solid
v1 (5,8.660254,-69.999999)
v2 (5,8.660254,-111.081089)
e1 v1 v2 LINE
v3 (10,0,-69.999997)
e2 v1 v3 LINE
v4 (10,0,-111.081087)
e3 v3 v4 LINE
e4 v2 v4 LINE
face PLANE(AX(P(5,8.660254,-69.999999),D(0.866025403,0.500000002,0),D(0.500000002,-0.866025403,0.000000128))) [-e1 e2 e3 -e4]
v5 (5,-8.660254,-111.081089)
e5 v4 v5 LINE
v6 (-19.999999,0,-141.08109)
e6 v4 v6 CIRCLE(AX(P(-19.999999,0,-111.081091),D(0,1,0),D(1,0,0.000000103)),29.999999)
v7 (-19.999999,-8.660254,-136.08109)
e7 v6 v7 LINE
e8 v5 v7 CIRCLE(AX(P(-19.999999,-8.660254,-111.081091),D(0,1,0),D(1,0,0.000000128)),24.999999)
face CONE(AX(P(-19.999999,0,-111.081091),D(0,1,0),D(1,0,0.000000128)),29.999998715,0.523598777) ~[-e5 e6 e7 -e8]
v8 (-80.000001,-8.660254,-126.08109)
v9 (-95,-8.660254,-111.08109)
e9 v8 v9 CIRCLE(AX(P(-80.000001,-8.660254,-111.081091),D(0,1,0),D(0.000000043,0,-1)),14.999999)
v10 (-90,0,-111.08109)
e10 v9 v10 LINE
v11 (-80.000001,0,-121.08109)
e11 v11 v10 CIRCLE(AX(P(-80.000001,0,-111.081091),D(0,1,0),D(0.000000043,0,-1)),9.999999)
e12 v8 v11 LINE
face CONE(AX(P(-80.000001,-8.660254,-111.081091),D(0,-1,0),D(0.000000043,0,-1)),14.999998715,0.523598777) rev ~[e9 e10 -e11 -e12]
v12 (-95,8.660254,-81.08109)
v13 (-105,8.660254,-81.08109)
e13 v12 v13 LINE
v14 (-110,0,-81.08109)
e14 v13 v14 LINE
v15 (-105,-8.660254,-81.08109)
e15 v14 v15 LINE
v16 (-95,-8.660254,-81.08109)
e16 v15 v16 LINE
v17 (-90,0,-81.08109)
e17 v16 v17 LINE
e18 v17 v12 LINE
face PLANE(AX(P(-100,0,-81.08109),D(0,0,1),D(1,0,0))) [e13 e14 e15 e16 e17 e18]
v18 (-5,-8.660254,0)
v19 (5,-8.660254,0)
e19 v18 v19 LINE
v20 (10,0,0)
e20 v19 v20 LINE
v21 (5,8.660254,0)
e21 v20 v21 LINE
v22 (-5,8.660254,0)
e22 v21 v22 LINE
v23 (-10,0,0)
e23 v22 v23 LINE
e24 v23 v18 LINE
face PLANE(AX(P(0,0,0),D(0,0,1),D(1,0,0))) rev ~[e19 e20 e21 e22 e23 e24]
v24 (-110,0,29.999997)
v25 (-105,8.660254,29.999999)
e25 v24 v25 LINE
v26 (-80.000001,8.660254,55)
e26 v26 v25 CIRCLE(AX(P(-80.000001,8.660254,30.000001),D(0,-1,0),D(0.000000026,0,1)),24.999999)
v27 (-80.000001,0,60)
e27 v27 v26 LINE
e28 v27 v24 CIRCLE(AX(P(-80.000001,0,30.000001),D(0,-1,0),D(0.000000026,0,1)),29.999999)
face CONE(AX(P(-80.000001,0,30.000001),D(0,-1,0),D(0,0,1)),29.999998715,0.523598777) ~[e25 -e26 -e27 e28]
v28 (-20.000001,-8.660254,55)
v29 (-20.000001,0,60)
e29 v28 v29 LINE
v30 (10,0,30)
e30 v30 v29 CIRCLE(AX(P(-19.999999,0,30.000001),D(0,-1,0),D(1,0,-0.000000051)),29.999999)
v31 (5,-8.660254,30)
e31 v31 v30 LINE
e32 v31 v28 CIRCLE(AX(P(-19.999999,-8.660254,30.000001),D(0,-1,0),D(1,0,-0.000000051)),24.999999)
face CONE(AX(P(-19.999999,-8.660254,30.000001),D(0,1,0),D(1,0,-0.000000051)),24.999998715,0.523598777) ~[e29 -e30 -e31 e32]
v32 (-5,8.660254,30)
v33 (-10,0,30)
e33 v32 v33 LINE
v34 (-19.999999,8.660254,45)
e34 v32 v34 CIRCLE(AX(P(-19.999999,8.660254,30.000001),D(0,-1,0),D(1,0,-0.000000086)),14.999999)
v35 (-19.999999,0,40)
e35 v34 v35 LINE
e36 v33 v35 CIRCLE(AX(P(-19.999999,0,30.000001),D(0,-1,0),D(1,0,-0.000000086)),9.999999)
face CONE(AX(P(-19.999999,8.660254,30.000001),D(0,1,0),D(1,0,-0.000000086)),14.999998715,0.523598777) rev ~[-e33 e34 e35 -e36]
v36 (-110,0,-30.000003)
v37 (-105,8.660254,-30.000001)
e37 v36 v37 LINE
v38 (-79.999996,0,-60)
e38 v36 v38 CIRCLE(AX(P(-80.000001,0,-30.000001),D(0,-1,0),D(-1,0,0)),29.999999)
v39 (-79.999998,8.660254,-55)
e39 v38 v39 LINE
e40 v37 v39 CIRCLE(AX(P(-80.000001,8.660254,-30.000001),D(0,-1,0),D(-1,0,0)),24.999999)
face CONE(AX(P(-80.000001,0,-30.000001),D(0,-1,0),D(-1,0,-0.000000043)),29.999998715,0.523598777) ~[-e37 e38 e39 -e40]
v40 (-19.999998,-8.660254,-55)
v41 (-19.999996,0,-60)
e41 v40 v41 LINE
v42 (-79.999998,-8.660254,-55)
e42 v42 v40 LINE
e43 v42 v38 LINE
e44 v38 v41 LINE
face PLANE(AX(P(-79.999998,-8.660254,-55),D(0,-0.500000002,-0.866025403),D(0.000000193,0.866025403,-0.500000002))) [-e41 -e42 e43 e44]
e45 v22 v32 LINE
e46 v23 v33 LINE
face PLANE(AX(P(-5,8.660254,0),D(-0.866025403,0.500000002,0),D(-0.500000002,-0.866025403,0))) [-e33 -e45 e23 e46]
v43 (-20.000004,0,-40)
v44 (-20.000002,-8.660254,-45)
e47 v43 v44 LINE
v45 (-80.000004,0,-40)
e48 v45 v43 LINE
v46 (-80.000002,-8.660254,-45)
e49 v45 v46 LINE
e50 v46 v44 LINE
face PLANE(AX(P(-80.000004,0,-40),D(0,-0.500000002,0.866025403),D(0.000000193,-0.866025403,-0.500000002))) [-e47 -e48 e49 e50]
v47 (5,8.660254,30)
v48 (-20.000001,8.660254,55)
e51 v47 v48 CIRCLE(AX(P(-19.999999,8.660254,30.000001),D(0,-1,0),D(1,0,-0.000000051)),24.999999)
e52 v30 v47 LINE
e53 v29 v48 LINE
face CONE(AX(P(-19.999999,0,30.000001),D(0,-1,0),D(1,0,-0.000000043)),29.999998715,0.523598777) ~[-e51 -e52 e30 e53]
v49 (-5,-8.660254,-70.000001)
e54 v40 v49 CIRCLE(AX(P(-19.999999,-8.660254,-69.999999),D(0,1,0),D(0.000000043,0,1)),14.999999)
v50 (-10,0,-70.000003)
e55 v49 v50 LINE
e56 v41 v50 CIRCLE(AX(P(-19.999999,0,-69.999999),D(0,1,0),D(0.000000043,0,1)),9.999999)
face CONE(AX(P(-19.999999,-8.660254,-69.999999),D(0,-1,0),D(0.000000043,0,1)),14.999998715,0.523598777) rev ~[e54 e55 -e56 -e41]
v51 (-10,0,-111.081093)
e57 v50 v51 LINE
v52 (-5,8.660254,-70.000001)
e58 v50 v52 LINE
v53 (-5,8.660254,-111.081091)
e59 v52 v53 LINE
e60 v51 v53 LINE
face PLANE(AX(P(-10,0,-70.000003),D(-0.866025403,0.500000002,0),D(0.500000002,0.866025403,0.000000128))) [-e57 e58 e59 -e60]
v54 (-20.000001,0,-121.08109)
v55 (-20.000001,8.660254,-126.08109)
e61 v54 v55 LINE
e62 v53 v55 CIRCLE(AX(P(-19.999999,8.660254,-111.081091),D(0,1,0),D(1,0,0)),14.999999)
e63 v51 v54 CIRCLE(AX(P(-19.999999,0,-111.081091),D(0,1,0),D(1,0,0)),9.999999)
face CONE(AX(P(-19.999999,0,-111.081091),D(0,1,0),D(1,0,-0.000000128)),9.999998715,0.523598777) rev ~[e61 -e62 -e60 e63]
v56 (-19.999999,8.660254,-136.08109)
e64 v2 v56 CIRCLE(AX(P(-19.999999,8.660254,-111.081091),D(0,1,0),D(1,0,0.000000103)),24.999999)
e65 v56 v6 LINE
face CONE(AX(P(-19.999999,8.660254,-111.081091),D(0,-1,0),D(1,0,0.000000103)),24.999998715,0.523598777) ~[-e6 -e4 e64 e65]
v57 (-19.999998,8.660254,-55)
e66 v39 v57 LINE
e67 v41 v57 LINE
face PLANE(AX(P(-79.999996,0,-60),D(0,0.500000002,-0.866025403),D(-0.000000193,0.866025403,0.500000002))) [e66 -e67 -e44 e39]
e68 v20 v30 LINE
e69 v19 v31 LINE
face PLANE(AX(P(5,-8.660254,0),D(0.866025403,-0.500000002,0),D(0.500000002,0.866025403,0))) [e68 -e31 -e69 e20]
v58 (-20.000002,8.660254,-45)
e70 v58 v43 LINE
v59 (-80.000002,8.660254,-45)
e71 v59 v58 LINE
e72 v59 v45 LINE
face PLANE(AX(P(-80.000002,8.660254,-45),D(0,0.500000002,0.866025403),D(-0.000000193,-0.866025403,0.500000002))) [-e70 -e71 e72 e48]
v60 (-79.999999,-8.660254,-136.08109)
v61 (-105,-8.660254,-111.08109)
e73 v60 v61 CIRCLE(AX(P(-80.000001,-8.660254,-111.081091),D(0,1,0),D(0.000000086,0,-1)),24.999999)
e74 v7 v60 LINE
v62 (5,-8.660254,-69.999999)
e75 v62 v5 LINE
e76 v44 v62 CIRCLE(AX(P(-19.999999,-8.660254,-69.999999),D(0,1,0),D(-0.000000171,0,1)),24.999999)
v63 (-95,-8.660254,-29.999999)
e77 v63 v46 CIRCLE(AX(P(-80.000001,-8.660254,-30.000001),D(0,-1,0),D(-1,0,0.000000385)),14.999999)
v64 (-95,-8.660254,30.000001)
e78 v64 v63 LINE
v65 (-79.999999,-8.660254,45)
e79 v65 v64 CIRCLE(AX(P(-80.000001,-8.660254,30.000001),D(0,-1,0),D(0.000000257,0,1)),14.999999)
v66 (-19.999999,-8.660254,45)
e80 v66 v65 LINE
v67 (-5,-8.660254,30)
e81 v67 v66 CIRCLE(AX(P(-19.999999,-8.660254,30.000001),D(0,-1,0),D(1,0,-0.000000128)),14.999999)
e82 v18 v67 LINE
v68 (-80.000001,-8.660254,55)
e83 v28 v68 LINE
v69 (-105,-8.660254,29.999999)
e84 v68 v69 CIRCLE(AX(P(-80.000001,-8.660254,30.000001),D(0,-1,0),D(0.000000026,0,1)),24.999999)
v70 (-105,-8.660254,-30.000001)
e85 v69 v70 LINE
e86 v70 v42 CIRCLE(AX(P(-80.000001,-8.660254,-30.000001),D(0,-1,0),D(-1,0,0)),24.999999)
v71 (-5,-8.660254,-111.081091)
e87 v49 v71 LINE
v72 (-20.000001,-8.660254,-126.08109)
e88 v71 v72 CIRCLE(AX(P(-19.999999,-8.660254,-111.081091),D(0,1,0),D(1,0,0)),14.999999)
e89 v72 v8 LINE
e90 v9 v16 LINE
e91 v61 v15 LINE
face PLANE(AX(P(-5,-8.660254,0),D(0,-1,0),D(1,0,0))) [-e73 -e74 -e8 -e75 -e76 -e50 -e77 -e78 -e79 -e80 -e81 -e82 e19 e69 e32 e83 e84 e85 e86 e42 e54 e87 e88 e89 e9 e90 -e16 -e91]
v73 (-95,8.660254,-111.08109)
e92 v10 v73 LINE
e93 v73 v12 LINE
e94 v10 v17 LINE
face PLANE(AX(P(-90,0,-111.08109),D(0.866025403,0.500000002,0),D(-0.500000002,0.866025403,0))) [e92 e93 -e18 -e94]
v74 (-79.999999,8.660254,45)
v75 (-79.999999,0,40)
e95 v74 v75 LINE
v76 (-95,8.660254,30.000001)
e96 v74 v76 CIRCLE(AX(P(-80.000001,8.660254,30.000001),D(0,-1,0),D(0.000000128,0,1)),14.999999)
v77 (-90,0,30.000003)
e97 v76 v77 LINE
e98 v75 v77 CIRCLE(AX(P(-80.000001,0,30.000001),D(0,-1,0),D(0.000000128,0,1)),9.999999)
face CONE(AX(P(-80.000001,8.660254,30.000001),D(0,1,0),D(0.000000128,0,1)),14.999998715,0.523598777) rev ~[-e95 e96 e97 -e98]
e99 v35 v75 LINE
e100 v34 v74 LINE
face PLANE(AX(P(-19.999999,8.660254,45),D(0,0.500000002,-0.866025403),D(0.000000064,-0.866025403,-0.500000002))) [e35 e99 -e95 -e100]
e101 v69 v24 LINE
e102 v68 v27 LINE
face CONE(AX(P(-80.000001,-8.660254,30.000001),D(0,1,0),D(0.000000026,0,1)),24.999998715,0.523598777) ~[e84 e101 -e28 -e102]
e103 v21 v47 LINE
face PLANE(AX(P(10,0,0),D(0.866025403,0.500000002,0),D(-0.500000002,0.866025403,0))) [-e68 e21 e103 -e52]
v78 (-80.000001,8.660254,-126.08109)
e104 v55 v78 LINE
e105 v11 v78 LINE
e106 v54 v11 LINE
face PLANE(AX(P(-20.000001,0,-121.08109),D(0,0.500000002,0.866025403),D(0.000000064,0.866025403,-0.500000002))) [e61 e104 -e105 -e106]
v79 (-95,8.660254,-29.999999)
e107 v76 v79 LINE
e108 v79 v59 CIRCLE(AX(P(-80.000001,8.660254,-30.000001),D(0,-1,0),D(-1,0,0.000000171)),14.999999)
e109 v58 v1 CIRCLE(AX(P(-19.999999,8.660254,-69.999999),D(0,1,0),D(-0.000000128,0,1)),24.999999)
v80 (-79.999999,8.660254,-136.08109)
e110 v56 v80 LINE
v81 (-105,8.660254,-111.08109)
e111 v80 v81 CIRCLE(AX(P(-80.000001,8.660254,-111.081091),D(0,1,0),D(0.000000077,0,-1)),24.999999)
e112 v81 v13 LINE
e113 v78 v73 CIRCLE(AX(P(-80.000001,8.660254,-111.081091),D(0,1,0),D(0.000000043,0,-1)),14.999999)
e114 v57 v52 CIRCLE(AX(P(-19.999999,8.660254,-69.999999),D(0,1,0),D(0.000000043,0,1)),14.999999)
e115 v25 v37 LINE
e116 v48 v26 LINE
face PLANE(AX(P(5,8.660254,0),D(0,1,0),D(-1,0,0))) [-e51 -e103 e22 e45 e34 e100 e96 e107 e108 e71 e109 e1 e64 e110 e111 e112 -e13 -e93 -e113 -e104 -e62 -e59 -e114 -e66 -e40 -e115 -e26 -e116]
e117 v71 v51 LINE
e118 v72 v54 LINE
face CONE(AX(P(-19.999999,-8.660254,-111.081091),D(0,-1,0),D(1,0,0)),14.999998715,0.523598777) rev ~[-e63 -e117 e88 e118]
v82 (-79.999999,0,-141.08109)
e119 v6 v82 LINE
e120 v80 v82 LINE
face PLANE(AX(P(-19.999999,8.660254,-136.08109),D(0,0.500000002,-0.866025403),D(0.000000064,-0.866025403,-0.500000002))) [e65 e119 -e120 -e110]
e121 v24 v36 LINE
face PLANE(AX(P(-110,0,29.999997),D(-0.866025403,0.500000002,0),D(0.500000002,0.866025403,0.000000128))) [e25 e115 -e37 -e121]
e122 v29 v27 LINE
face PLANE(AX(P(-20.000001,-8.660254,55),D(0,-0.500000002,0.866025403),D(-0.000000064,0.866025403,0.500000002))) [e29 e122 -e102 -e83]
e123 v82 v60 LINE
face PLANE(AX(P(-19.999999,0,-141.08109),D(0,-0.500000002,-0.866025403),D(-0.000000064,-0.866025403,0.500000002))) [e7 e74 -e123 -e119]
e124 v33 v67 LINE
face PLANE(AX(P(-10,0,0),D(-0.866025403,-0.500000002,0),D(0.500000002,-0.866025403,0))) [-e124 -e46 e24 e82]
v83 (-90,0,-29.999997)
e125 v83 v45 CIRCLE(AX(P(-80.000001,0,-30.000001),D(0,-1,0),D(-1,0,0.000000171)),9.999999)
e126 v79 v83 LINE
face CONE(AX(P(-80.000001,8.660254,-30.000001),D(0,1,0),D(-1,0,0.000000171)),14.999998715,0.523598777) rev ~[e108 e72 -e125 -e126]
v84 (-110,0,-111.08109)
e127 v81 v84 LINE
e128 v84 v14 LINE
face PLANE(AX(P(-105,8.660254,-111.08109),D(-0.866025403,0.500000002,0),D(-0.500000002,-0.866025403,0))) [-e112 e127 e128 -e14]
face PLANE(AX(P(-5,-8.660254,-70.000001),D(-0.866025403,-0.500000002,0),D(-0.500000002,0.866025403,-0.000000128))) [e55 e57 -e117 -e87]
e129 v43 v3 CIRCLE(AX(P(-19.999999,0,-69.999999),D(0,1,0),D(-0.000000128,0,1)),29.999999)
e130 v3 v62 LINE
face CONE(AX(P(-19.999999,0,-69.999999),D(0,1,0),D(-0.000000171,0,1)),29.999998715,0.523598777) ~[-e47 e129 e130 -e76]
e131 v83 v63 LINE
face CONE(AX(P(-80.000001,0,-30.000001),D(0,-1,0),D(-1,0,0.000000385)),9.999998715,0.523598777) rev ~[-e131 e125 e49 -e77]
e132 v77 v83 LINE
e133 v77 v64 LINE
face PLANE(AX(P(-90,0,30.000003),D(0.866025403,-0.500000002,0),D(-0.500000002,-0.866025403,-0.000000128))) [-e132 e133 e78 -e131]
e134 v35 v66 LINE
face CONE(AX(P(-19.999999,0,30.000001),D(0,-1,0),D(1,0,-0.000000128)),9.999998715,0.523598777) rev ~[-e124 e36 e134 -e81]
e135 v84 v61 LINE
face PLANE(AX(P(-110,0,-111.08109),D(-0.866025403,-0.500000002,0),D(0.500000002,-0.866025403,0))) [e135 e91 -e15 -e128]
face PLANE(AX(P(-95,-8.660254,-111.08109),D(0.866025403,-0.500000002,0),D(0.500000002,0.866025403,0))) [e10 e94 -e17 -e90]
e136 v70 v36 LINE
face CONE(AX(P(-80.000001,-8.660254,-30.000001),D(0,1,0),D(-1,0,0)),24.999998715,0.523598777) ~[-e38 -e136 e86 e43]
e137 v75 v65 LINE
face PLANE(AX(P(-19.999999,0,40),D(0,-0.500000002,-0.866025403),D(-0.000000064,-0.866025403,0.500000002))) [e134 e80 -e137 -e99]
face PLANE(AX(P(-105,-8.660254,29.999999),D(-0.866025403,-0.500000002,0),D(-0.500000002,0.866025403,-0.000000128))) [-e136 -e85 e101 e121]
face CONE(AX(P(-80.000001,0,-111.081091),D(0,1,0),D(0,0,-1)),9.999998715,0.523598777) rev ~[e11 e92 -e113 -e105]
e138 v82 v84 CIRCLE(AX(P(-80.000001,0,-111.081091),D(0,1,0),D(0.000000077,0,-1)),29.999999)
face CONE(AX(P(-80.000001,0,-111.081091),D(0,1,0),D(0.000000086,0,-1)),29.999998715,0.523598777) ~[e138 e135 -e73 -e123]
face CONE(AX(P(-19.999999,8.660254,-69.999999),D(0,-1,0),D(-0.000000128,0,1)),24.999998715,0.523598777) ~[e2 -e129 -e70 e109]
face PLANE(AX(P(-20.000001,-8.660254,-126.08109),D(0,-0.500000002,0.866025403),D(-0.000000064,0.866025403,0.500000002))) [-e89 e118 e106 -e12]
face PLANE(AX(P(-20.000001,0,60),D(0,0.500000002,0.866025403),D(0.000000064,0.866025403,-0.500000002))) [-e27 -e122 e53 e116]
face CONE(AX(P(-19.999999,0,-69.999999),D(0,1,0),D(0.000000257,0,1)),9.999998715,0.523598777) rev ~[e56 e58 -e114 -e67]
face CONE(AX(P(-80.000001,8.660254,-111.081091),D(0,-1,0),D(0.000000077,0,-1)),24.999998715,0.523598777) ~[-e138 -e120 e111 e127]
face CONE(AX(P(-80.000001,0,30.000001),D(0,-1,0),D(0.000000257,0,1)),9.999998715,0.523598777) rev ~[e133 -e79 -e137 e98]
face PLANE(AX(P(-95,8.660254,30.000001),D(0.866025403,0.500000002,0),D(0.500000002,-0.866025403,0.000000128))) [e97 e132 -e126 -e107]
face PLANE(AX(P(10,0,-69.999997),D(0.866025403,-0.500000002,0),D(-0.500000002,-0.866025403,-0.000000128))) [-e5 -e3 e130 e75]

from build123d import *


with BuildPart() as f2:
    # F2: sweep along a path in F0
    with BuildLine(Plane.XZ) as f2_path:
        Line((0, 0), (0, 30))
        ThreePointArc((0, 30), (-5.857864, 44.142136), (-20, 50))
        Line((-20, 50), (-80, 50))
        ThreePointArc((-80, 50), (-94.142136, 44.142136), (-100, 30))
        Line((-100, 30), (-100, -30))
        ThreePointArc((-100, -30), (-94.142136, -44.142136), (-80, -50))
        Line((-80, -50), (-20, -50))
        ThreePointArc((-20, -50), (-5.857864, -55.857864), (0, -70))
        Line((0, -70), (0, -111.08109))
        ThreePointArc((0, -111.08109), (-5.857864, -125.223226), (-20, -131.08109))
        Line((-20, -131.08109), (-80, -131.08109))
        ThreePointArc((-80, -131.08109), (-94.142136, -125.223226), (-100, -111.08109))
        Line((-100, -111.08109), (-100, -81.08109))
    # F1 (on Top) → F2 (sweep)
    with BuildSketch(Plane.XY):
        Polygon((5, 8.660254), (-5, 8.660254), (-10, 0), (-5, -8.660254), (5, -8.660254), (10, 0), align=None)
    sweep(path=f2_path.line)


solid = f2.part
